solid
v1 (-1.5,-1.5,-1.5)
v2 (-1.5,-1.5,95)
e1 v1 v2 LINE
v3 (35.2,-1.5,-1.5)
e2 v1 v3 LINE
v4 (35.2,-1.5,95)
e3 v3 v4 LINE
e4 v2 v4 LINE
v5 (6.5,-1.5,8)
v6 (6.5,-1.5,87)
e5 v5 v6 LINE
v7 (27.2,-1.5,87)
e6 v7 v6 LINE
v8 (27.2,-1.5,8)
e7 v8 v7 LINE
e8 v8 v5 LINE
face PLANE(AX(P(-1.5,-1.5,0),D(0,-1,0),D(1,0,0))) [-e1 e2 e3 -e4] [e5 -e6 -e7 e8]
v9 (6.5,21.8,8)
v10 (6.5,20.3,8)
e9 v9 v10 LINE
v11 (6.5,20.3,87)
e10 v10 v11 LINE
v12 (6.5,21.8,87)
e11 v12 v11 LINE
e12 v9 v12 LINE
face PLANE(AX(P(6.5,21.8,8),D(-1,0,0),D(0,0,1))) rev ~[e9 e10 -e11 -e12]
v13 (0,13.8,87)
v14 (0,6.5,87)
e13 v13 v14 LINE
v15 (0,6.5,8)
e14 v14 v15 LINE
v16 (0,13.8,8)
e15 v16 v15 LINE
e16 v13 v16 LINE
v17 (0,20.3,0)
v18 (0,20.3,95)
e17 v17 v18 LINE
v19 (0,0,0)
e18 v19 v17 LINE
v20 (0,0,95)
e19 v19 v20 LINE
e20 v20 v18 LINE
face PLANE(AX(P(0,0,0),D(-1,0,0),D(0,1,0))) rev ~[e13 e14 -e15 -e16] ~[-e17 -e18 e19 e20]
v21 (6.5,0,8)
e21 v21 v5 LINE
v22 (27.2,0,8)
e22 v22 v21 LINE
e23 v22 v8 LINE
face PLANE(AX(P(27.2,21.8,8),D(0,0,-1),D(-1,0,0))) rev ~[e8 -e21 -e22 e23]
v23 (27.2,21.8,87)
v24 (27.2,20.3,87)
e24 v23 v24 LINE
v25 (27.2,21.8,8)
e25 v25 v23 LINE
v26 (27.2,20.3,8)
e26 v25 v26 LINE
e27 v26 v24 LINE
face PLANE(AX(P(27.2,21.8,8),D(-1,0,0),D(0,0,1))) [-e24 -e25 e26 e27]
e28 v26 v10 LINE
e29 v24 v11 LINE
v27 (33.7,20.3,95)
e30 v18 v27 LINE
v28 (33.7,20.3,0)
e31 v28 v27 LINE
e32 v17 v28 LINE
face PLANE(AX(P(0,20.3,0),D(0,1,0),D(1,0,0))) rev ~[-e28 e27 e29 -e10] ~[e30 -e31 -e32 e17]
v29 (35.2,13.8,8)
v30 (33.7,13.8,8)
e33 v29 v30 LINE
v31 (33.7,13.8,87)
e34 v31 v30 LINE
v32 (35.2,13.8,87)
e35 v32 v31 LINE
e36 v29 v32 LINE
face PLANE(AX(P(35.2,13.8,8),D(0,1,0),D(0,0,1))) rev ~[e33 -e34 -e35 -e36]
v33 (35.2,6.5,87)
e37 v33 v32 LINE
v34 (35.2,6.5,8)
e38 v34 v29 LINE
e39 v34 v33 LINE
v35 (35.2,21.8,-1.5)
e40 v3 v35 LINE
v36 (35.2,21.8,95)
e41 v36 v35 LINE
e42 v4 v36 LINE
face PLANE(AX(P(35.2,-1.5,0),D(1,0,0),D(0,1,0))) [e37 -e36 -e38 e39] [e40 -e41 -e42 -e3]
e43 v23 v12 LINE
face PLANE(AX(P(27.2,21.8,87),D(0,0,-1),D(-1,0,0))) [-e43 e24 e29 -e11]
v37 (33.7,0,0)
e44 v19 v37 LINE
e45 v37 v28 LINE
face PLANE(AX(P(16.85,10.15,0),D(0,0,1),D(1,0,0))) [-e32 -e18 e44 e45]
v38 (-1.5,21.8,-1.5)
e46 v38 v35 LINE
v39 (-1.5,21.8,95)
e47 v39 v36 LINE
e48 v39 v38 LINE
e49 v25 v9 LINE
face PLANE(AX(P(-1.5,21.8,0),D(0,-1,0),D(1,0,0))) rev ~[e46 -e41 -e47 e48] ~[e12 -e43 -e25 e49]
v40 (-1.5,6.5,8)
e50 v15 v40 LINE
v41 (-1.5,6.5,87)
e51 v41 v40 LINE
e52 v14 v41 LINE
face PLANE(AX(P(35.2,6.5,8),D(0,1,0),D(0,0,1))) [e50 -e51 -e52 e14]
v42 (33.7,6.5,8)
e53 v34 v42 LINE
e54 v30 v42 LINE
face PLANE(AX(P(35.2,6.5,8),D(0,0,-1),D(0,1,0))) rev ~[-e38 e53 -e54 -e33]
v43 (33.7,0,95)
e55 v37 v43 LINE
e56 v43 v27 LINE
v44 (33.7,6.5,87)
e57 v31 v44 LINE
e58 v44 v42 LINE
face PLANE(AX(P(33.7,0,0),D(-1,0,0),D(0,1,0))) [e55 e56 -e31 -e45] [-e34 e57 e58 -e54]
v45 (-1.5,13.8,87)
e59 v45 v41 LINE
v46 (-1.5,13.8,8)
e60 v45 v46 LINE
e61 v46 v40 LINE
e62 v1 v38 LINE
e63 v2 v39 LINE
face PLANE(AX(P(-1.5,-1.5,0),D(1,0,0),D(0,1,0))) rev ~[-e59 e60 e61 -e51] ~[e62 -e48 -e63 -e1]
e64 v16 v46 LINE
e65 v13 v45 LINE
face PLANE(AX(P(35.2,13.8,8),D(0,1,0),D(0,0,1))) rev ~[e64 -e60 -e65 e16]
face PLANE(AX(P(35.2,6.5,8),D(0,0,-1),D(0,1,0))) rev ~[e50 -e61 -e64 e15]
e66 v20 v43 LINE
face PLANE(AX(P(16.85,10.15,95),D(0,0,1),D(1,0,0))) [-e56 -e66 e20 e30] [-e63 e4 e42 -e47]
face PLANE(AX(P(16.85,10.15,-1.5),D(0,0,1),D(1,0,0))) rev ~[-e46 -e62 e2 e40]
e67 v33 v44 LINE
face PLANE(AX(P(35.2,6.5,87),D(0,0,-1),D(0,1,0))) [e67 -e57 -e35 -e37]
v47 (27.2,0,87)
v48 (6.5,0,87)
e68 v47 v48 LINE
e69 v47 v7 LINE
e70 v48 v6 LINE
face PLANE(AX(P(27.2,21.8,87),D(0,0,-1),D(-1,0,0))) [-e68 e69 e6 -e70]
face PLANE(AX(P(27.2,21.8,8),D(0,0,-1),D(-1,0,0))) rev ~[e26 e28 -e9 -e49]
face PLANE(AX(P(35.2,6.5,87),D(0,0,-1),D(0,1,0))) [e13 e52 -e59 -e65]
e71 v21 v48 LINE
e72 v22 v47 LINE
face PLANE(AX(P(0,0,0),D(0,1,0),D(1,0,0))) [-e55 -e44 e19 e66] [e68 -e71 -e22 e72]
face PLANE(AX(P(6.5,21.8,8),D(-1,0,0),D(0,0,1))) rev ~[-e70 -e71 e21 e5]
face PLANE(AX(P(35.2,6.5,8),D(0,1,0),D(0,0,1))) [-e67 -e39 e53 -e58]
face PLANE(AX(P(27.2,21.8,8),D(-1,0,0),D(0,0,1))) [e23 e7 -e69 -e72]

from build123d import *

# Parameters (mm, degrees)
F0_W     = 36.7
F0_H     = 23.3
F0_W_2   = 33.7
F0_H_2   = 20.3
F1_DEPTH = 95
F2_W     = 20.7
F2_H     = 79
F3_DEPTH = 23.301
F4_W     = 7.3
F4_H     = 79
F5_DEPTH = 36.701
F6_W     = 36.7
F6_H     = 23.3
F7_DEPTH = 1.5


with BuildPart() as f1:
    # F0 (on Top) → F1 (new body)
    with BuildSketch(Plane.XY):
        with Locations((16.85, 10.15)):
            Rectangle(F0_W, F0_H)
        with Locations((16.85, 10.15)):
            Rectangle(F0_W_2, F0_H_2, mode=Mode.SUBTRACT)
    extrude(amount=F1_DEPTH)

    # F2 (on face) → F3 (cut, through all)
    with BuildSketch(Plane(origin=(0, 21.8, 0), x_dir=(-1, 0, 0), z_dir=(0, 1, 0))):
        with Locations((-16.85, 47.5)):
            Rectangle(F2_W, F2_H)
    extrude(amount=-F3_DEPTH, mode=Mode.SUBTRACT)

    # F4 (on face) → F5 (cut, through all)
    with BuildSketch(Plane.YZ.offset(35.2)):
        with Locations((10.15, 47.5)):
            Rectangle(F4_W, F4_H)
    extrude(amount=-F5_DEPTH, mode=Mode.SUBTRACT)

    # F6 (on Top) → F7 (join)
    with BuildSketch(Plane.XY):
        with Locations((16.85, 10.15)):
            Rectangle(F6_W, F6_H)
    extrude(amount=-F7_DEPTH)


solid = f1.part
